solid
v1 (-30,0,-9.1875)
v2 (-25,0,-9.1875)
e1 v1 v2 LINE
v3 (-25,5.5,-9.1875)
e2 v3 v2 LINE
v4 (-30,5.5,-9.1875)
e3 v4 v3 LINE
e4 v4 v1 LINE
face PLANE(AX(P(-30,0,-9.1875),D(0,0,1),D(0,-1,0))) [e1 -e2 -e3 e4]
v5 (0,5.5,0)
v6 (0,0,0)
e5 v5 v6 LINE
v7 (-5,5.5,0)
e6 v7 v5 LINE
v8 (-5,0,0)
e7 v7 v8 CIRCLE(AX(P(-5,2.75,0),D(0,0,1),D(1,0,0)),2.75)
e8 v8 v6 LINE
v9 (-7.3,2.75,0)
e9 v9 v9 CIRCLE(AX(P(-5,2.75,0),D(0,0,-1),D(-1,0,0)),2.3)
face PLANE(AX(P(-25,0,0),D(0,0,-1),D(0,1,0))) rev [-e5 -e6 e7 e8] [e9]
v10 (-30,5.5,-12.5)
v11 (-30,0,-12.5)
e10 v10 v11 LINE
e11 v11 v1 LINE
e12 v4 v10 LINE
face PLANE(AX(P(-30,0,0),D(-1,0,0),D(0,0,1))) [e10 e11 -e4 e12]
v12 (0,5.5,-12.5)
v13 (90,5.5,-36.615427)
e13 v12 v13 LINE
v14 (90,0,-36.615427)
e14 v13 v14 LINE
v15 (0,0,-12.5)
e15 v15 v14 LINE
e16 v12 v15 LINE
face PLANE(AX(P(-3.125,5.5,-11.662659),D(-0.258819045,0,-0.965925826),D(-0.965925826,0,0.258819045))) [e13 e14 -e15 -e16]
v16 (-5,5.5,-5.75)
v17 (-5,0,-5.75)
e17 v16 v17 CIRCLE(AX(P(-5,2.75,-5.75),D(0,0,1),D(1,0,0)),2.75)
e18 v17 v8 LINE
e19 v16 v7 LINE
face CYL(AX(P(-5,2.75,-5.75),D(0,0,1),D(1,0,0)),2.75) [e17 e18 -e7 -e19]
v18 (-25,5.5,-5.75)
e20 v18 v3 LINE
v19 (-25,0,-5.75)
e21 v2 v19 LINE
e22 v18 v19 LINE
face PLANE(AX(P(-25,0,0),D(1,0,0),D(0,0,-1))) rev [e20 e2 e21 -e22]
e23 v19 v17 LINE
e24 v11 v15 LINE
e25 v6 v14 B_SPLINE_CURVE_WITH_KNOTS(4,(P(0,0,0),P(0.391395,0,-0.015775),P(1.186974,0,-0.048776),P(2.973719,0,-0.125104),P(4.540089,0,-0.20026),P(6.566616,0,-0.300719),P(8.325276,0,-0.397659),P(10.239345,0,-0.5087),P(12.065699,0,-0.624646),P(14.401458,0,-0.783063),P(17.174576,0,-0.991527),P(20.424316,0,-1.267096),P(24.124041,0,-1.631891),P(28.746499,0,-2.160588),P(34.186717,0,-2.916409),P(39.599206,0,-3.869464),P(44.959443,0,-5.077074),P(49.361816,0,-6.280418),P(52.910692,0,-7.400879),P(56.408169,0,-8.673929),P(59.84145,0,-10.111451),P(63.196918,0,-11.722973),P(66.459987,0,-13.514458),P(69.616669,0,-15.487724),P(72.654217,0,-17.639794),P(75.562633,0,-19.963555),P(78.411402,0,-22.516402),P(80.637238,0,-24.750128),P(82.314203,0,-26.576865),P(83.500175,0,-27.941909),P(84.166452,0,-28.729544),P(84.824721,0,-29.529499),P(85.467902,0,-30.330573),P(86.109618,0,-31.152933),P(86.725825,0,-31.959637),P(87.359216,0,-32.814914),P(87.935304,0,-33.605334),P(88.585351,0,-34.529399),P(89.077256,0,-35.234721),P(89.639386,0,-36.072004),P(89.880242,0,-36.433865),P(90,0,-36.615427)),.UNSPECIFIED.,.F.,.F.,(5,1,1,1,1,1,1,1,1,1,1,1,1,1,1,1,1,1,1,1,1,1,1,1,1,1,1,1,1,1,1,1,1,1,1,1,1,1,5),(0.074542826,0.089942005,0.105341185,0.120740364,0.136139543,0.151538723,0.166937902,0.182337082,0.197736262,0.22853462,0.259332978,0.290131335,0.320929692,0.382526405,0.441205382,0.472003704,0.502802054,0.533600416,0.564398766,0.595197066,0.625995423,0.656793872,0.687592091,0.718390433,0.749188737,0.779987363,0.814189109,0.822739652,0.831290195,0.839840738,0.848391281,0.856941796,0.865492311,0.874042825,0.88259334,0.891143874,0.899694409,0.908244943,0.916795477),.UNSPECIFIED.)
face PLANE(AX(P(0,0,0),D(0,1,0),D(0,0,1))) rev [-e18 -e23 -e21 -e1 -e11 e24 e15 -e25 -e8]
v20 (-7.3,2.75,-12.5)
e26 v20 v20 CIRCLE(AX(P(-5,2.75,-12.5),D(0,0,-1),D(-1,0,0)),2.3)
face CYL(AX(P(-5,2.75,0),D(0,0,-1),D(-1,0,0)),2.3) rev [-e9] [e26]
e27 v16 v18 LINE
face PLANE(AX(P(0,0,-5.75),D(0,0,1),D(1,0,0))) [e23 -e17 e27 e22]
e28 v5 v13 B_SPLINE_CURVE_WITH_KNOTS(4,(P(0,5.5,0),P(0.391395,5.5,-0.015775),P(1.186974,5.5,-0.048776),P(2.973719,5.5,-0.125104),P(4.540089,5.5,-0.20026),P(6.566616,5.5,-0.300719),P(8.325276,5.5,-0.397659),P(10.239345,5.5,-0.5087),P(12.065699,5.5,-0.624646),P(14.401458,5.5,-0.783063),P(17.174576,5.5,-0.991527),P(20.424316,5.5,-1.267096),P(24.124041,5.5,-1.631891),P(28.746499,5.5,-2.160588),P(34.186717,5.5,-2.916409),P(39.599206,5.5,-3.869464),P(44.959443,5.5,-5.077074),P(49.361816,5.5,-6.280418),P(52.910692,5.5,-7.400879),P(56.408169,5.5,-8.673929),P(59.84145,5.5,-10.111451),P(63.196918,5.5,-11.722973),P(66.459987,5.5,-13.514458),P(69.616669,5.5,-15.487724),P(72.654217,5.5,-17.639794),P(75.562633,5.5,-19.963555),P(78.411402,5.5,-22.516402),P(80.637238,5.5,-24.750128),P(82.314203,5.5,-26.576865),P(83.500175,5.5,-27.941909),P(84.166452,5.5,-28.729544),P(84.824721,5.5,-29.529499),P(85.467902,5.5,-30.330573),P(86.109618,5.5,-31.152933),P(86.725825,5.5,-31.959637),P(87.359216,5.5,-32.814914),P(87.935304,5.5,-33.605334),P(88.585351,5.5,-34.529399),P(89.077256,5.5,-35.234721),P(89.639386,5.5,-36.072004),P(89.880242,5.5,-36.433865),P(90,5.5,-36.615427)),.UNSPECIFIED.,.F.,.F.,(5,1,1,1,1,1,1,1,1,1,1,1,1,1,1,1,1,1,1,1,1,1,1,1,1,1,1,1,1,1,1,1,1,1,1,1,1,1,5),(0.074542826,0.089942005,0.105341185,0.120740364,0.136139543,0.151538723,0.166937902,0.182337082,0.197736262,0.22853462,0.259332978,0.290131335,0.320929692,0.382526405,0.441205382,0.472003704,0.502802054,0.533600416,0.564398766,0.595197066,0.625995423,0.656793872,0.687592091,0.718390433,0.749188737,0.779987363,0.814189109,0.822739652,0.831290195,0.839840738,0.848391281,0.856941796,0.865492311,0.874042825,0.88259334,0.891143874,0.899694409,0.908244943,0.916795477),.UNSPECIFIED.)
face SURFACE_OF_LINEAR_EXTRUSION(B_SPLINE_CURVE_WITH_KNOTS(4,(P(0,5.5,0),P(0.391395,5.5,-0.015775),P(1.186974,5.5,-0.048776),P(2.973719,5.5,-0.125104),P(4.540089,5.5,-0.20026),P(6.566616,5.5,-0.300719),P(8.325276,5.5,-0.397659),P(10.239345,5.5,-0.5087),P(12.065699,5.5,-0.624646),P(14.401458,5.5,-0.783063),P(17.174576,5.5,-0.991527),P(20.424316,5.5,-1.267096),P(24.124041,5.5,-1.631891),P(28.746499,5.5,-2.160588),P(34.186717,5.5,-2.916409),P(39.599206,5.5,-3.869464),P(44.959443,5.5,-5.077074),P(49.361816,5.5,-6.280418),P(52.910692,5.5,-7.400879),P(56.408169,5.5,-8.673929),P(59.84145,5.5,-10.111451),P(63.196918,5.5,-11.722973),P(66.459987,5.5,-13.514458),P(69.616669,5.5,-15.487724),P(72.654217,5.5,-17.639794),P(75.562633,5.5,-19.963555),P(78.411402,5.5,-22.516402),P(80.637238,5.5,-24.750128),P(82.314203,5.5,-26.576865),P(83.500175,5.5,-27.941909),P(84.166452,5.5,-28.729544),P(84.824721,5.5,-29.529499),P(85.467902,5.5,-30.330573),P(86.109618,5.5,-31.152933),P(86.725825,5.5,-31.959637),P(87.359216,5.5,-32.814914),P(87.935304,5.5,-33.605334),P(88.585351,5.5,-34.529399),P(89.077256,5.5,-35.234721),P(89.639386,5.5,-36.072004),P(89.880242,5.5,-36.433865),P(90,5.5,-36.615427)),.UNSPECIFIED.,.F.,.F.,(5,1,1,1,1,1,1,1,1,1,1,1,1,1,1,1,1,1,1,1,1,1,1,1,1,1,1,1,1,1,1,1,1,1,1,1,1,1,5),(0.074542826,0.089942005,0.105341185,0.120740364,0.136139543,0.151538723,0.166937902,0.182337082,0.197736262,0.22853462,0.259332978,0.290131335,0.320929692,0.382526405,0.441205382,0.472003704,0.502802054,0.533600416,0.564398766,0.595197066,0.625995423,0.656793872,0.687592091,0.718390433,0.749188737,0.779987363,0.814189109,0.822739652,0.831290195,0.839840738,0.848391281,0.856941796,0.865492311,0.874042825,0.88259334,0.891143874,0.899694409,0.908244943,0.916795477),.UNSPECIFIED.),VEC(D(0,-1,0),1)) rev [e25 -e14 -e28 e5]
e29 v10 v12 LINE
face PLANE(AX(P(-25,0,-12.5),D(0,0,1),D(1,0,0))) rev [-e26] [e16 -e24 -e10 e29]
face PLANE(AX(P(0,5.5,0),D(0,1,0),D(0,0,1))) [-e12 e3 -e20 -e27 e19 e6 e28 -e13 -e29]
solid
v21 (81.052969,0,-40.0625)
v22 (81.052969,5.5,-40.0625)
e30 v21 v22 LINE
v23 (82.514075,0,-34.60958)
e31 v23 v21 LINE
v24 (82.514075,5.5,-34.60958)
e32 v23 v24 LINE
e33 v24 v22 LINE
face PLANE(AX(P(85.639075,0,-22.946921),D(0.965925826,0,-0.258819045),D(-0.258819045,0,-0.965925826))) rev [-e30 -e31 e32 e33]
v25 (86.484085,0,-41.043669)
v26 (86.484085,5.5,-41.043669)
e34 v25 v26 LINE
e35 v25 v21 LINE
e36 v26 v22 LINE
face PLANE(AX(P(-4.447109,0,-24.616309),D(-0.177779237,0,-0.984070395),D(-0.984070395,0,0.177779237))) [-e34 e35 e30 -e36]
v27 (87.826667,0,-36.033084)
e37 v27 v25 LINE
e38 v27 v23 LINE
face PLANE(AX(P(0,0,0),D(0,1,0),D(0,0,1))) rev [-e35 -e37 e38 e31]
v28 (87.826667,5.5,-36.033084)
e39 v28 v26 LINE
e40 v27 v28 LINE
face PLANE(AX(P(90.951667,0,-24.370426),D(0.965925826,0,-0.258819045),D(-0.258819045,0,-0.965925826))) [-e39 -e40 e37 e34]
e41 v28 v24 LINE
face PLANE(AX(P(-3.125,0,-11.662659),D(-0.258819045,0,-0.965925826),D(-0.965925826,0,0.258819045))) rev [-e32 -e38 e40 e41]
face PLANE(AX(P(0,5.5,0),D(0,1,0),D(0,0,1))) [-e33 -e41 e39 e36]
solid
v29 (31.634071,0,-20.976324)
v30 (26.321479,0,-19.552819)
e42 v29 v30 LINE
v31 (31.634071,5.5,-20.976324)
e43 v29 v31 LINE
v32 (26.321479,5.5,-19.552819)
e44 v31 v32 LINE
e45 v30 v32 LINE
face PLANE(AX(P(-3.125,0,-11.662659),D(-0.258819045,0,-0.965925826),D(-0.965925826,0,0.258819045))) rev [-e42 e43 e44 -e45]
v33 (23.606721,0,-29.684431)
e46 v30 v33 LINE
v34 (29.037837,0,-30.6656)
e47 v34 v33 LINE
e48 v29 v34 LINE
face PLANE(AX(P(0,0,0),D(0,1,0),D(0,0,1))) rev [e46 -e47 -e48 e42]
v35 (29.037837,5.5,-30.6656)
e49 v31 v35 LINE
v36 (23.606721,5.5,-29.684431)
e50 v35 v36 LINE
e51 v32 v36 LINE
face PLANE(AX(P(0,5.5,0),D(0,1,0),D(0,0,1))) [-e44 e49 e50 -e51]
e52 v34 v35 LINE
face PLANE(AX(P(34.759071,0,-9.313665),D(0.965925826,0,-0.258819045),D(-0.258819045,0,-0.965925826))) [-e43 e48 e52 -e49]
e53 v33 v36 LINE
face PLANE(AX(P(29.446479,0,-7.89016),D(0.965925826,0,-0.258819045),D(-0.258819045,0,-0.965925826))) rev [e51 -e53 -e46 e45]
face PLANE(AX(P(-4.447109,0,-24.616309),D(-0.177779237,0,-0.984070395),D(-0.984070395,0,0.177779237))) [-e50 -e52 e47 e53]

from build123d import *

# Parameters (mm, degrees)
SALIENTE_EXTRUIR1_DEPTH   = 5.5
CROQUIS3_W                = 12.5
CROQUIS3_H                = 5.5
SALIENTE_EXTRUIR2_DEPTH   = 25
CROQUIS4_R                = 2.3
CORTAR_EXTRUIR3_DEPTH     = 12.5
CORTAR_EXTRUIR2_DEPTH     = 5.75
CROQUIS6_W                = 3.3125
CROQUIS6_H                = 5.5
SALIENTE_EXTRUIR3_DEPTH   = 5
SALIENTE_EXTRUIR6_DEPTH   = 5.5
SALIENTE_EXTRUIR6_2_DEPTH = 5.5


with BuildPart() as part:
    # Croquis2 → Saliente-Extruir1 (new body)
    with BuildSketch(Plane(origin=(0, 0, 0), x_dir=(1, 0, 0), z_dir=(0, 1, 0))):
        with BuildLine():
            Line((0, 0), (0, 12.5))
            Line((0, 12.5), (90, 36.615427319))
            add(Edge.make_bspline(
                [(0, 0), (0.391394635, 0.015775005), (1.186974035, 0.048775969), (2.973718865, 0.125104104), (4.540088904, 0.200260299), (6.566615662, 0.300718996), (8.325276336, 0.397659311), (10.239345298, 0.508699867), (12.06569896, 0.624646025), (14.401457649, 0.783062706), (17.174575564, 0.991527453), (20.424315772, 1.267095632), (24.124041131, 1.631890725), (28.746499447, 2.160588299), (34.186717026, 2.916408992), (39.59920567, 3.869463595), (44.959442778, 5.077074293), (49.361815827, 6.280418231), (52.910692092, 7.400878923), (56.408168852, 8.673928793), (59.841449897, 10.111450972), (63.196917977, 11.722972852), (66.459987179, 13.514457641), (69.616669404, 15.487724177), (72.654216734, 17.639793831), (75.562633469, 19.963554552), (78.411401775, 22.516402339), (80.637238299, 24.750127709), (82.31420302, 26.576865179), (83.500174761, 27.941909388), (84.166451521, 28.729544399), (84.824720597, 29.529498585), (85.467901785, 30.330572576), (86.10961807, 31.152932899), (86.725824802, 31.959637263), (87.359215775, 32.814913902), (87.935303716, 33.605334305), (88.585351463, 34.5293994), (89.07725637, 35.234721433), (89.639386065, 36.072003958), (89.880241627, 36.43386466), (90, 36.615427319)],
                knots=[0.074542826, 0.074542826, 0.074542826, 0.074542826, 0.074542826, 0.089942005, 0.105341185, 0.120740364, 0.136139543, 0.151538723, 0.166937902, 0.182337082, 0.197736262, 0.22853462, 0.259332978, 0.290131335, 0.320929692, 0.382526405, 0.441205382, 0.472003704, 0.502802054, 0.533600416, 0.564398766, 0.595197066, 0.625995423, 0.656793872, 0.687592091, 0.718390433, 0.749188737, 0.779987363, 0.814189109, 0.822739652, 0.831290195, 0.839840738, 0.848391281, 0.856941796, 0.865492311, 0.874042825, 0.88259334, 0.891143874, 0.899694409, 0.908244943, 0.916795477, 0.916795477, 0.916795477, 0.916795477, 0.916795477], degree=4))
        make_face()
    extrude(amount=SALIENTE_EXTRUIR1_DEPTH)

    # Croquis3 → Saliente-Extruir2 (add)
    with BuildSketch(Plane.ZY):
        with Locations((-6.25, 2.75)):
            Rectangle(CROQUIS3_W, CROQUIS3_H)
    extrude(amount=SALIENTE_EXTRUIR2_DEPTH)

    # Croquis4 → Cortar-Extruir3 (cut)
    with BuildSketch(Plane(origin=(0, 0, -12.5), x_dir=(-1, 0, 0), z_dir=(0, 0, -1))):
        with Locations((5, 2.75)):
            Circle(CROQUIS4_R)
    extrude(amount=-CORTAR_EXTRUIR3_DEPTH, mode=Mode.SUBTRACT)

    # Croquis5 → Cortar-Extruir2 (cut)
    with BuildSketch(Plane.XY):
        with BuildLine():
            Line((-16, 5.5), (-25, 5.5))
            Line((-25, 5.5), (-25, 0))
            Line((-25, 0), (-5, 0))
            ThreePointArc((-5, 0), (-7.75, 2.75), (-5, 5.5))
            Line((-5, 5.5), (-16, 5.5))
        make_face()
    extrude(amount=-CORTAR_EXTRUIR2_DEPTH, mode=Mode.SUBTRACT)

    # Croquis6 → Saliente-Extruir3 (add)
    with BuildSketch(Plane.ZY.offset(25)):
        with Locations((-10.84375, 2.75)):
            Rectangle(CROQUIS6_W, CROQUIS6_H)
    extrude(amount=SALIENTE_EXTRUIR3_DEPTH)


with BuildPart() as body_2:
    # Croquis9 → Saliente-Extruir6 (new body)
    with BuildSketch(Plane(origin=(0, 5.5, 0), x_dir=(1, 0, 0), z_dir=(0, 1, 0))):
        Polygon((81.052969303, 40.062499841), (82.514074846, 34.60957972), (87.826666891, 36.033084468), (86.484084799, 41.043669048), align=None)
    extrude(amount=-SALIENTE_EXTRUIR6_DEPTH)


with BuildPart() as body_3:
    # Croquis9 → Saliente-Extruir6 2 (new body)
    with BuildSketch(Plane(origin=(0, 5.5, 0), x_dir=(1, 0, 0), z_dir=(0, 1, 0))):
        Polygon((23.606721454, 29.684431199), (26.321478766, 19.552818979), (31.634070811, 20.976323727), (29.03783695, 30.665600406), align=None)
    extrude(amount=-SALIENTE_EXTRUIR6_2_DEPTH)


solid = Compound([part.part, body_2.part, body_3.part])
